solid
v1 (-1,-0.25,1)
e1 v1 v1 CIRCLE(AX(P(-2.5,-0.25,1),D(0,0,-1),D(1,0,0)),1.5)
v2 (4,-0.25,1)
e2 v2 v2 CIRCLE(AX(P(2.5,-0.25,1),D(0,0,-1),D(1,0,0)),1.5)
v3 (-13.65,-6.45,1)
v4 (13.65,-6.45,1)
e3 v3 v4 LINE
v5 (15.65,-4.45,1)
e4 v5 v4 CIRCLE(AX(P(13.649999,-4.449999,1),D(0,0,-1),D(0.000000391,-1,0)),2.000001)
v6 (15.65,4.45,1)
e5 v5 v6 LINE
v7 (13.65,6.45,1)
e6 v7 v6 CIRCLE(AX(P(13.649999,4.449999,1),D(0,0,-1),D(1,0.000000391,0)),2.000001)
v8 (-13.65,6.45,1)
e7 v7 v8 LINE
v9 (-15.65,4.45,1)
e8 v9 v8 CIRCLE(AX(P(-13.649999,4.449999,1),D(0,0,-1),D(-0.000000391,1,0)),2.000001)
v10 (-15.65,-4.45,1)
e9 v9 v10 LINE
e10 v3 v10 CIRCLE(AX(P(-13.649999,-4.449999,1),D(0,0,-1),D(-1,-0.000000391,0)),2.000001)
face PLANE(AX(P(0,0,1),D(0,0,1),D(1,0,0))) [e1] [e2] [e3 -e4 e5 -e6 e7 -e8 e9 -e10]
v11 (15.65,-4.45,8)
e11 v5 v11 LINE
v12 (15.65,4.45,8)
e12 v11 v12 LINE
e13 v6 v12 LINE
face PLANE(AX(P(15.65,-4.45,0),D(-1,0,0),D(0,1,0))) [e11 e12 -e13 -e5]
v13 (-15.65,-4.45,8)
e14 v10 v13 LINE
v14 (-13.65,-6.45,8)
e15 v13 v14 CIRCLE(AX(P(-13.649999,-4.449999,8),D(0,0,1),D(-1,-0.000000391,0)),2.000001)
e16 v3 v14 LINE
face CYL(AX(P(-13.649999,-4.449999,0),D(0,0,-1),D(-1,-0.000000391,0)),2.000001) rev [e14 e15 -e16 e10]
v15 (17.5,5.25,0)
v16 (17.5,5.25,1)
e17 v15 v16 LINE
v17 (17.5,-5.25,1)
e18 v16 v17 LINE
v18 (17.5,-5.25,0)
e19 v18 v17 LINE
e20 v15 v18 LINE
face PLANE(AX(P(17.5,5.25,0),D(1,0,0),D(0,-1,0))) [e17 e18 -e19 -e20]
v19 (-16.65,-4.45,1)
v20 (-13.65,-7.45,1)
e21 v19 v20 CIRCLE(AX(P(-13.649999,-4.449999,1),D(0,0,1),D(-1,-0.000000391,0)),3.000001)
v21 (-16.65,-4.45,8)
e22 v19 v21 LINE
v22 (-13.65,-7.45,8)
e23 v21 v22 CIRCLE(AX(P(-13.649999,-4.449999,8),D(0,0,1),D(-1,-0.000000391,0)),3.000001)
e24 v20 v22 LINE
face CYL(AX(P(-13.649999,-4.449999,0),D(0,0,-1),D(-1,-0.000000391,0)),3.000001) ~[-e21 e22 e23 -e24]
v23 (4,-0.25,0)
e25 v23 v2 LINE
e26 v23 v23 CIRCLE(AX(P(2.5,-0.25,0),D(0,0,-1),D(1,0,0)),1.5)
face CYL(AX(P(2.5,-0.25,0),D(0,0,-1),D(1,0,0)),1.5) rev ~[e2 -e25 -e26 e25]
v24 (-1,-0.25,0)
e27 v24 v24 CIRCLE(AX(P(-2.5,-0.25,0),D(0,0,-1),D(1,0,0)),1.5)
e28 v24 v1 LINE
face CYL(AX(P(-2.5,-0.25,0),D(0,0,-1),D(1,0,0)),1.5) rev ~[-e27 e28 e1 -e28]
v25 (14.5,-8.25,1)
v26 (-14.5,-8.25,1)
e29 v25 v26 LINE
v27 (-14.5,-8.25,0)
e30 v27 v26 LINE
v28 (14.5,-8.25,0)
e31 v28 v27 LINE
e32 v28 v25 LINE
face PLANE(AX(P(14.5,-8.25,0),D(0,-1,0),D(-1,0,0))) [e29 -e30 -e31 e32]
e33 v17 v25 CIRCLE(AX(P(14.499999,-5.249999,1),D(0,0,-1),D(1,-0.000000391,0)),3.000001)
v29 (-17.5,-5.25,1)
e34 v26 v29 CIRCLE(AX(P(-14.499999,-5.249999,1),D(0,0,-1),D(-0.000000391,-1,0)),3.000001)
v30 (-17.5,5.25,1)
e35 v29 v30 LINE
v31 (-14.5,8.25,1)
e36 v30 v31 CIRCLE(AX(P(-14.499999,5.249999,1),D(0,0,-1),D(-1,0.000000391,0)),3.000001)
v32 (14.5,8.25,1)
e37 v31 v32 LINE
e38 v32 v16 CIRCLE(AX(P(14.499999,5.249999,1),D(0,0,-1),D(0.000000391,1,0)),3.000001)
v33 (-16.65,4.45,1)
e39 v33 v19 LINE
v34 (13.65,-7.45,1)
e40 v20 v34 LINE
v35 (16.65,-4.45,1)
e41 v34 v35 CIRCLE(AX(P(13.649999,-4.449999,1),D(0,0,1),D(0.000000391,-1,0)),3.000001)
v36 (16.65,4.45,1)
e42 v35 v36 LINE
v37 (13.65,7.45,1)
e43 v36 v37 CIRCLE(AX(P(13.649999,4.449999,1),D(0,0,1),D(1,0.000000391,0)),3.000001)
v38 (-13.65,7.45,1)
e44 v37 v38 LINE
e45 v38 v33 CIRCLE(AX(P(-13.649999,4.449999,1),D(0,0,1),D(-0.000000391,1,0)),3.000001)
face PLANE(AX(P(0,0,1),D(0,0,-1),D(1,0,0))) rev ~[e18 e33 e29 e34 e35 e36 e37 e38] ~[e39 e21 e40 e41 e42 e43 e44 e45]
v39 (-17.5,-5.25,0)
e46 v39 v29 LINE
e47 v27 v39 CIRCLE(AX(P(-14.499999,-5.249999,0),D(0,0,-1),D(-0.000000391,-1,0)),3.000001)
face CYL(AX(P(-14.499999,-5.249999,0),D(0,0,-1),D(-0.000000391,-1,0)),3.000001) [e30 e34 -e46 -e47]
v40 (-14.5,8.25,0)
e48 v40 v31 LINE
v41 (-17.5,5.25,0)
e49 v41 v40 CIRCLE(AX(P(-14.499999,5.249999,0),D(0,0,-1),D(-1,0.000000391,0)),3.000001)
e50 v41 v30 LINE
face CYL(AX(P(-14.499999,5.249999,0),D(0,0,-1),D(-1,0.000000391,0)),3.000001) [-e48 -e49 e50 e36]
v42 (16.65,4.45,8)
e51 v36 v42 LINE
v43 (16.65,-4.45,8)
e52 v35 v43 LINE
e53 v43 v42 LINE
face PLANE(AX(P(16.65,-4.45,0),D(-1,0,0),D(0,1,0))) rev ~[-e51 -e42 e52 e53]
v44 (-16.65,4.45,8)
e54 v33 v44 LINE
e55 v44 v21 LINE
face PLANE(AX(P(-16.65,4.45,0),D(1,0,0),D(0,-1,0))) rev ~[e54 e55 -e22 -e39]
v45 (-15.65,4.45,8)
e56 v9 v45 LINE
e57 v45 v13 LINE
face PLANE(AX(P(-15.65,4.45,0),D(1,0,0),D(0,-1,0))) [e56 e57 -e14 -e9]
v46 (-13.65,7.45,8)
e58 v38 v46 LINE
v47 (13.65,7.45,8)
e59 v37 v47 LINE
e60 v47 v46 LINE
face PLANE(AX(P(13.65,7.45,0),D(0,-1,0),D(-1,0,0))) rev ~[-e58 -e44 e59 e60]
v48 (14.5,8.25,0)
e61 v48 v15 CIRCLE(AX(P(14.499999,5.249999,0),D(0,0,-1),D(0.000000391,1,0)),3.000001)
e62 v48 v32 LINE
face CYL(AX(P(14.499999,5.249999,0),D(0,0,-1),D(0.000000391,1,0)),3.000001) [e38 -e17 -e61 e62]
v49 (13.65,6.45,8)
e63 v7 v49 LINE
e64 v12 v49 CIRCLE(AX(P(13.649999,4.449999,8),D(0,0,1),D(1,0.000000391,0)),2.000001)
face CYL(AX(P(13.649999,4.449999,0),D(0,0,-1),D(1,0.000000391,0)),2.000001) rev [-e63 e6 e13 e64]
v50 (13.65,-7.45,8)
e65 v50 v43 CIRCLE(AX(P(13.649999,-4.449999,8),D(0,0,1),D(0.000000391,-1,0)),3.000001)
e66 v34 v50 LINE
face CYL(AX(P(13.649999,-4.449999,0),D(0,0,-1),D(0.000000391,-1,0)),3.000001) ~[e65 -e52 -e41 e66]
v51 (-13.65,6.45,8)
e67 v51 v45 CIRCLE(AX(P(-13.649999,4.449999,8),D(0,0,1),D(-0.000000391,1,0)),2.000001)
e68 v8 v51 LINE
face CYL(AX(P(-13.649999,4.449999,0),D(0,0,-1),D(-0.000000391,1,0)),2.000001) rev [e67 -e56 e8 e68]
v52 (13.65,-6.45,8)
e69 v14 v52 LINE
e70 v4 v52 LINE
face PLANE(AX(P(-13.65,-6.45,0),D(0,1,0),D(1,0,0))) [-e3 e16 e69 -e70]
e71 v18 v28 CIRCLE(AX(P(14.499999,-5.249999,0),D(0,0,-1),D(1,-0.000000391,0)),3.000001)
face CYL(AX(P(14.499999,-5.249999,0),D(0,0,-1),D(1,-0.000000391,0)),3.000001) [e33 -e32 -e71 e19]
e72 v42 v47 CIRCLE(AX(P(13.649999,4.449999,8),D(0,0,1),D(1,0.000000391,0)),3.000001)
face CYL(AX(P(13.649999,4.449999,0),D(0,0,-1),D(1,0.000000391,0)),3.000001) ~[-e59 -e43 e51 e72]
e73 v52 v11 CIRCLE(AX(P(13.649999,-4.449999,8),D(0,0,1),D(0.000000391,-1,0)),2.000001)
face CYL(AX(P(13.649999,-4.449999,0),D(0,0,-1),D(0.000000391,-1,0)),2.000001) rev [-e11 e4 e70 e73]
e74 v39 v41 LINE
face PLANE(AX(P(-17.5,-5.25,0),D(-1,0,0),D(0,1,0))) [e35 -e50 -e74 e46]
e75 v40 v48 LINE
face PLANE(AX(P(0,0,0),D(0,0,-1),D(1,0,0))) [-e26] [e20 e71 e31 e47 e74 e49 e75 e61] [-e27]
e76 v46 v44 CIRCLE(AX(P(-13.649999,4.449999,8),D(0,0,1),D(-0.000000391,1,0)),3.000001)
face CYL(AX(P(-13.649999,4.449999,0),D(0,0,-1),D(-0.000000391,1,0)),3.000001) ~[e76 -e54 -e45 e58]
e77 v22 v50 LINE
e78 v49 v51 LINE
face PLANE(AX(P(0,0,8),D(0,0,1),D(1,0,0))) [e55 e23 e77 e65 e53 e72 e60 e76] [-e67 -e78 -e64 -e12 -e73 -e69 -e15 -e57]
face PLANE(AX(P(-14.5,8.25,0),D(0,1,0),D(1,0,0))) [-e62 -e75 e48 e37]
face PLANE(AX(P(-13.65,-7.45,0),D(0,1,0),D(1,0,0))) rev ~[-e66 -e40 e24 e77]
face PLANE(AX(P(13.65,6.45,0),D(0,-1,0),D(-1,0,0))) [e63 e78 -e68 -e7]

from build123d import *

# Parameters (mm, degrees)
F1_DEPTH = 8
F2_T     = -1
F4_DEPTH = 1
F6_R     = 1.5
F7_DEPTH = 8.001


with BuildPart() as f1:
    # F0 (on Top) → F1 (new body)
    with BuildSketch(Plane.XY):
        with BuildLine():
            Line((-13.65, -7.45), (13.65, -7.45))
            ThreePointArc((13.65, -7.45), (15.77132, -6.57132), (16.65, -4.45))
            Line((16.65, -4.45), (16.65, 4.45))
            ThreePointArc((16.65, 4.45), (15.77132, 6.57132), (13.65, 7.45))
            Line((13.65, 7.45), (-13.65, 7.45))
            ThreePointArc((-13.65, 7.45), (-15.77132, 6.57132), (-16.65, 4.45))
            Line((-16.65, 4.45), (-16.65, -4.45))
            ThreePointArc((-16.65, -4.45), (-15.77132, -6.57132), (-13.65, -7.45))
        make_face()
    extrude(amount=F1_DEPTH)

    # F2
    f2_openings = [f1.faces().sort_by_distance(p)[0] for p in [
        (0, 0, 8),
    ]]
    offset(amount=F2_T, openings=f2_openings)


with BuildPart() as f4:
    # F3 (on face) → F4 (new body)
    with BuildSketch(Plane(origin=(0, 0, 0), x_dir=(1, 0, 0), z_dir=(0, 0, -1))):
        with BuildLine():
            Line((-14.5, -8.25), (14.5, -8.25))
            ThreePointArc((14.5, -8.25), (16.62132, -7.37132), (17.5, -5.25))
            Line((17.5, -5.25), (17.5, 5.25))
            ThreePointArc((17.5, 5.25), (16.62132, 7.37132), (14.5, 8.25))
            Line((14.5, 8.25), (-14.5, 8.25))
            ThreePointArc((-14.5, 8.25), (-16.62132, 7.37132), (-17.5, 5.25))
            Line((-17.5, 5.25), (-17.5, -5.25))
            ThreePointArc((-17.5, -5.25), (-16.62132, -7.37132), (-14.5, -8.25))
        make_face()
        with BuildLine():
            Line((-13.65, 7.45), (13.65, 7.45))
            ThreePointArc((13.65, 7.45), (15.77132, 6.57132), (16.65, 4.45))
            Line((16.65, 4.45), (16.65, -4.45))
            ThreePointArc((16.65, -4.45), (15.77132, -6.57132), (13.65, -7.45))
            Line((13.65, -7.45), (-13.65, -7.45))
            ThreePointArc((-13.65, -7.45), (-15.77132, -6.57132), (-16.65, -4.45))
            Line((-16.65, -4.45), (-16.65, 4.45))
            ThreePointArc((-16.65, 4.45), (-15.77132, 6.57132), (-13.65, 7.45))
        make_face(mode=Mode.SUBTRACT)
    extrude(amount=-F4_DEPTH)


with BuildPart() as f1_1:
    add(f1.part)

    # F5: union F4
    add(f4.part)

    # F6 (on face) → F7 (cut, through all)
    with BuildSketch(Plane(origin=(0, 0, 0), x_dir=(1, 0, 0), z_dir=(0, 0, -1))):
        with Locations((-2.5, 0.25)):
            Circle(F6_R)
        with Locations((2.5, 0.25)):
            Circle(F6_R)
    extrude(amount=-F7_DEPTH, mode=Mode.SUBTRACT)


solid = f1_1.part
